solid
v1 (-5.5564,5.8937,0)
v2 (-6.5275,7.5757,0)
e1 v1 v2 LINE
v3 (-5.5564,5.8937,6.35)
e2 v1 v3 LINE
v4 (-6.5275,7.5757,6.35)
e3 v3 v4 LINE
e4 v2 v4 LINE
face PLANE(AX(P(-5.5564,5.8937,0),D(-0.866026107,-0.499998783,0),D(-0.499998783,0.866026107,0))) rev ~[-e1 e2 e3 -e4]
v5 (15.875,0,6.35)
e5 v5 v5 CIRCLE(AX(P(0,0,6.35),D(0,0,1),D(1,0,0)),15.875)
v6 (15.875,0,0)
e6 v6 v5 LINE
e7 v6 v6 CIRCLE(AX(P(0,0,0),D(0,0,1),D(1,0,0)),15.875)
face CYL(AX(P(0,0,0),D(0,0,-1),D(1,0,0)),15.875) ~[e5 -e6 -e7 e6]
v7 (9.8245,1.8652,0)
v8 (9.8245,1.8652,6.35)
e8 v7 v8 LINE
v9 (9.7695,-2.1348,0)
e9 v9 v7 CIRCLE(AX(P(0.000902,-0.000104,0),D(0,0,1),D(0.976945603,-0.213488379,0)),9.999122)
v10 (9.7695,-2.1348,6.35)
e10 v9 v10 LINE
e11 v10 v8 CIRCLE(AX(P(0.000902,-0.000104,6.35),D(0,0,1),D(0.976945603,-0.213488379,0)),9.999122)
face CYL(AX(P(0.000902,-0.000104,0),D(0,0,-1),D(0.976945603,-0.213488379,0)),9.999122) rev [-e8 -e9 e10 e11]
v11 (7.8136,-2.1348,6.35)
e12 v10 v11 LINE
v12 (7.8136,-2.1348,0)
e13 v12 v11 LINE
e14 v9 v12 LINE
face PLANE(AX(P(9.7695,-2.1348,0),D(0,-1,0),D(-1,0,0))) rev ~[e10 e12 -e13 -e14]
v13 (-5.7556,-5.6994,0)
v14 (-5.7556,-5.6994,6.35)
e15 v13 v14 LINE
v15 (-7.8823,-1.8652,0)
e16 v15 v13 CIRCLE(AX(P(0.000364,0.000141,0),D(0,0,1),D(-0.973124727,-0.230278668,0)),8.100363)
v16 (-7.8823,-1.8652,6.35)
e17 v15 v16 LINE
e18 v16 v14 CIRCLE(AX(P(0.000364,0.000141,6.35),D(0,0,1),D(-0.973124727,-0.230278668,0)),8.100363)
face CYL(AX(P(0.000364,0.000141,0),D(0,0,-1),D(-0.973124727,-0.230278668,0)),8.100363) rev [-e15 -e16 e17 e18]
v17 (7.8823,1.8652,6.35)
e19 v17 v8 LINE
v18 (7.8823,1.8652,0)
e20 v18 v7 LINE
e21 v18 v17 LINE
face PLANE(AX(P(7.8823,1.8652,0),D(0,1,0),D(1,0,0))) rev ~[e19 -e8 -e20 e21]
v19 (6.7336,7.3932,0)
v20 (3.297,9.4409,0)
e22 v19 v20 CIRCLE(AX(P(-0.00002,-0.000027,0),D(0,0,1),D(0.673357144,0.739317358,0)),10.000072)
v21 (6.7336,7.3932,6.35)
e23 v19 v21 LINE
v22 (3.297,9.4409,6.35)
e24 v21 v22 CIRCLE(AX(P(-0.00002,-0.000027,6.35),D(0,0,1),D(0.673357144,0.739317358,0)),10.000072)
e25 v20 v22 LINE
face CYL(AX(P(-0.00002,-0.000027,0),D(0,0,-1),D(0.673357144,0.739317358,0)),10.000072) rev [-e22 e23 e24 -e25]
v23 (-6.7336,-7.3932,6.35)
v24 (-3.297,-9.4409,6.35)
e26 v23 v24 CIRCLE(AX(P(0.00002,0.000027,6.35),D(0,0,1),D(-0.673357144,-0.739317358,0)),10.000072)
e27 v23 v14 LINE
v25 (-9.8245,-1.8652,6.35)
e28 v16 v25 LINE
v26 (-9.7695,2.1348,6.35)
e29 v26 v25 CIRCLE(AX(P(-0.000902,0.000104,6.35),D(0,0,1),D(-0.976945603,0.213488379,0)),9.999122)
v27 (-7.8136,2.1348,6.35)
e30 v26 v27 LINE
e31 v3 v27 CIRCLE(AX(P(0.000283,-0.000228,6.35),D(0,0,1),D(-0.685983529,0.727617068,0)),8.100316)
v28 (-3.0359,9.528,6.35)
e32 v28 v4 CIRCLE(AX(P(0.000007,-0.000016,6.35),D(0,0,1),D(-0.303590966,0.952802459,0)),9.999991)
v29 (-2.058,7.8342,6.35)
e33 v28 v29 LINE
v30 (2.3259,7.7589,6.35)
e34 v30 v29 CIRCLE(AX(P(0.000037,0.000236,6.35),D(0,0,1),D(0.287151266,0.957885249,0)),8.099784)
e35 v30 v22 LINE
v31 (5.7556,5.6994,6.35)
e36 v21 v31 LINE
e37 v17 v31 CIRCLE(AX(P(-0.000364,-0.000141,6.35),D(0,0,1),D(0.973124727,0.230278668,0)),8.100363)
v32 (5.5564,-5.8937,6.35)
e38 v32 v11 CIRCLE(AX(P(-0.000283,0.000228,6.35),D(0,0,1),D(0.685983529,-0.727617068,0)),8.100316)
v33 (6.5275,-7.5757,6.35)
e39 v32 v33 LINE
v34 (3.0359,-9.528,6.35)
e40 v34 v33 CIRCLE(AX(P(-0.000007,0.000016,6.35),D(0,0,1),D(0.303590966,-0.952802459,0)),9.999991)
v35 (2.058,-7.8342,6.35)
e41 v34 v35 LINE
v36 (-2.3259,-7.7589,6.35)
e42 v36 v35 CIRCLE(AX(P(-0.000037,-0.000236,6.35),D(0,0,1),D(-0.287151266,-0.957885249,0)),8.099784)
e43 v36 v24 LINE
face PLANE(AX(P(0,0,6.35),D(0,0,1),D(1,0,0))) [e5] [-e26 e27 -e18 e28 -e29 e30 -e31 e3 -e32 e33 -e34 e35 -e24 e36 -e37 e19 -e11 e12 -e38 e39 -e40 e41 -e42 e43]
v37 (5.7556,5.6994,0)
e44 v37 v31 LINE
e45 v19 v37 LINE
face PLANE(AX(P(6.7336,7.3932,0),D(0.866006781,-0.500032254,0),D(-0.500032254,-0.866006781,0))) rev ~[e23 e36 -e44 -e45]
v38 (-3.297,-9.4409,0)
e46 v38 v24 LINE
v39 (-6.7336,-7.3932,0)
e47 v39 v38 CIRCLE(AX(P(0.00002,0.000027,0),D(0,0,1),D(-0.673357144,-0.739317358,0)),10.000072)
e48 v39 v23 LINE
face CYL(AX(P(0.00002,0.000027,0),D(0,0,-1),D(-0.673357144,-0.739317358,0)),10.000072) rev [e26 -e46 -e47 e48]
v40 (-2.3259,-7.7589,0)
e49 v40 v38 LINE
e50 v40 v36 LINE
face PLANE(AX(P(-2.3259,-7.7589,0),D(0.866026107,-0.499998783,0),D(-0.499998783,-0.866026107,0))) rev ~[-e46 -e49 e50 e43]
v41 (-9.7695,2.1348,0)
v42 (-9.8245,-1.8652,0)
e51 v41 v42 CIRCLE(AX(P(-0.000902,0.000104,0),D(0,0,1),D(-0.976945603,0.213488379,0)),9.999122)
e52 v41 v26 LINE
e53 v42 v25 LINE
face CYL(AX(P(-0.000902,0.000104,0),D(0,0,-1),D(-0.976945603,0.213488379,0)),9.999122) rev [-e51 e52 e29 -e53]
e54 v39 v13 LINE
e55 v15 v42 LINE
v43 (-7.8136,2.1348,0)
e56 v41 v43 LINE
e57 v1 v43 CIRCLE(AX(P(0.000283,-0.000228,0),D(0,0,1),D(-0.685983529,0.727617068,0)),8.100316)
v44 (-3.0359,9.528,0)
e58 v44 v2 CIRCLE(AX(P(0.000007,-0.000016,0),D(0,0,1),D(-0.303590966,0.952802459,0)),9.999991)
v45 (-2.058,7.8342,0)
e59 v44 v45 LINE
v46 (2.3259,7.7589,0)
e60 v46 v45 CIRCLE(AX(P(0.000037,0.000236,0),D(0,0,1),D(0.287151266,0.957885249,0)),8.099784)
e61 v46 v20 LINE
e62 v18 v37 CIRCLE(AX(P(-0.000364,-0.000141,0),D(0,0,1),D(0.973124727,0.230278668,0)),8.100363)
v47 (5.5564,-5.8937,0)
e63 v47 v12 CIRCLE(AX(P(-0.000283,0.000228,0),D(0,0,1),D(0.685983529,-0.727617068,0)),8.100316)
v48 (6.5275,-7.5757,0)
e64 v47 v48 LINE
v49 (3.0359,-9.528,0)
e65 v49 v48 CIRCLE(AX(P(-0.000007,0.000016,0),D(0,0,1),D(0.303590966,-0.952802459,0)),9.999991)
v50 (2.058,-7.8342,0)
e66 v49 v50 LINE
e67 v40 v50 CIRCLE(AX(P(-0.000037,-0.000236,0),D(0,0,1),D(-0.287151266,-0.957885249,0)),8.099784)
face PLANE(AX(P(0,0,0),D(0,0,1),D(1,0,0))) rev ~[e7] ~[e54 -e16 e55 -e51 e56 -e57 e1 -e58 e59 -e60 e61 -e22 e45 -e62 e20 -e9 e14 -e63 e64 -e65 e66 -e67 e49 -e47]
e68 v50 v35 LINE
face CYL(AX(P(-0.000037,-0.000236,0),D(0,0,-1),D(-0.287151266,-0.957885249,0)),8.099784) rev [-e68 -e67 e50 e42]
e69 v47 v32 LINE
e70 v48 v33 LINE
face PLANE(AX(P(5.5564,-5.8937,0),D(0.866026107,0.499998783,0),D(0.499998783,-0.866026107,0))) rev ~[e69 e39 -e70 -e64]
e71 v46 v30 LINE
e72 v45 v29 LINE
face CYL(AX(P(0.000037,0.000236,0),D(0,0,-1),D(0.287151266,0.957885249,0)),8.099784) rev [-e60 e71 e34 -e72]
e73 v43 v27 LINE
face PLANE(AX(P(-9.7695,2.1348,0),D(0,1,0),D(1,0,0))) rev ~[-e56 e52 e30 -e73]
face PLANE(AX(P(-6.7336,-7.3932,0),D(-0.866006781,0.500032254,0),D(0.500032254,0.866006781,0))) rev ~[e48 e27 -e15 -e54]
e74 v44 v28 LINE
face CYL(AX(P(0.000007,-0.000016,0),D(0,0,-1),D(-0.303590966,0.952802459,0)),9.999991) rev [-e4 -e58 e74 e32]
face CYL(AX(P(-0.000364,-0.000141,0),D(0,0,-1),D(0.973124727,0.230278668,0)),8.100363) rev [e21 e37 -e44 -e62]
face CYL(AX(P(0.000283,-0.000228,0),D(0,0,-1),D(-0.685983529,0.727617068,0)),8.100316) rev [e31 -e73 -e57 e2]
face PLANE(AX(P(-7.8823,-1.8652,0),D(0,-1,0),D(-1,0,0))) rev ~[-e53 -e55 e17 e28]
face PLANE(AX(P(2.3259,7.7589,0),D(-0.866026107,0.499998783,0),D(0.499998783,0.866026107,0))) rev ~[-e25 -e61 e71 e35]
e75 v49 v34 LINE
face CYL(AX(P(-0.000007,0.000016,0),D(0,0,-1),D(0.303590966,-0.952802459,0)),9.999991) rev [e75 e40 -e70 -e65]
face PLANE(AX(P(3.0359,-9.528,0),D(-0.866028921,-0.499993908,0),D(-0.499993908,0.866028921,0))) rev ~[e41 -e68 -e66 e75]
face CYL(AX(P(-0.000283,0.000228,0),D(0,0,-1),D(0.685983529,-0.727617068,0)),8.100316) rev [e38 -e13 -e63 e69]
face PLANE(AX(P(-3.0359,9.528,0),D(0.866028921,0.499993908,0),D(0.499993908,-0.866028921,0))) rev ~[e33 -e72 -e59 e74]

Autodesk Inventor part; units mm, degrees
ref_plane "YZ Plane" through (0, 0, 0) normal (1, 0, 0) x (0, 1, 0)
ref_plane "XZ Plane" through (0, 0, 0) normal (0, 1, 0) x (-1, 0, 0)
ref_plane "XY Plane" through (0, 0, 0) normal (0, 0, 1) x (1, 0, 0)
sketch "Sketch1" plane through (0, 0, 0) normal (0, 0, 1) x (1, 0, 0)
  circle A0 centre (0, 0) radius 15.875
  line L0 (7.8823, 1.8652) -> (9.8245, 1.8652)
  arc A1 (9.7695, -2.1348) -> (9.8245, 1.8652) centre (0, 0) ccw
  line L1 (9.7695, -2.1348) -> (7.8136, -2.1348)
  arc A2 (5.5564, -5.8937) -> (7.8136, -2.1348) centre (0, 0) ccw
  line L2 (5.5564, -5.8937) -> (6.5275, -7.5757)
  arc A3 (3.0359, -9.528) -> (6.5275, -7.5757) centre (0, 0) ccw
  line L3 (3.0359, -9.528) -> (2.058, -7.8342)
  arc A4 (-2.3259, -7.7589) -> (2.058, -7.8342) centre (0, 0) ccw
  line L4 (-2.3259, -7.7589) -> (-3.297, -9.4409)
  arc A5 (-6.7336, -7.3932) -> (-3.297, -9.4409) centre (0, 0) ccw
  line L5 (-6.7336, -7.3932) -> (-5.7556, -5.6994)
  arc A6 (-7.8823, -1.8652) -> (-5.7556, -5.6994) centre (0, 0) ccw
  line L6 (-7.8823, -1.8652) -> (-9.8245, -1.8652)
  arc A7 (-9.7695, 2.1348) -> (-9.8245, -1.8652) centre (0, 0) ccw
  line L7 (-9.7695, 2.1348) -> (-7.8136, 2.1348)
  arc A8 (-5.5564, 5.8937) -> (-7.8136, 2.1348) centre (0, 0) ccw
  line L8 (-5.5564, 5.8937) -> (-6.5275, 7.5757)
  arc A9 (-3.0359, 9.528) -> (-6.5275, 7.5757) centre (0, 0) ccw
  line L9 (-3.0359, 9.528) -> (-2.058, 7.8342)
  arc A10 (2.3259, 7.7589) -> (-2.058, 7.8342) centre (0, 0) ccw
  line L10 (2.3259, 7.7589) -> (3.297, 9.4409)
  arc A11 (6.7336, 7.3932) -> (3.297, 9.4409) centre (0, 0) ccw
  line L11 (6.7336, 7.3932) -> (5.7556, 5.6994)
  arc A12 (7.8823, 1.8652) -> (5.7556, 5.6994) centre (0, 0) ccw
extrude "Extrusion1" add sketch "Sketch1" along normal blind 6.35
properties part number "coupler window motor"
